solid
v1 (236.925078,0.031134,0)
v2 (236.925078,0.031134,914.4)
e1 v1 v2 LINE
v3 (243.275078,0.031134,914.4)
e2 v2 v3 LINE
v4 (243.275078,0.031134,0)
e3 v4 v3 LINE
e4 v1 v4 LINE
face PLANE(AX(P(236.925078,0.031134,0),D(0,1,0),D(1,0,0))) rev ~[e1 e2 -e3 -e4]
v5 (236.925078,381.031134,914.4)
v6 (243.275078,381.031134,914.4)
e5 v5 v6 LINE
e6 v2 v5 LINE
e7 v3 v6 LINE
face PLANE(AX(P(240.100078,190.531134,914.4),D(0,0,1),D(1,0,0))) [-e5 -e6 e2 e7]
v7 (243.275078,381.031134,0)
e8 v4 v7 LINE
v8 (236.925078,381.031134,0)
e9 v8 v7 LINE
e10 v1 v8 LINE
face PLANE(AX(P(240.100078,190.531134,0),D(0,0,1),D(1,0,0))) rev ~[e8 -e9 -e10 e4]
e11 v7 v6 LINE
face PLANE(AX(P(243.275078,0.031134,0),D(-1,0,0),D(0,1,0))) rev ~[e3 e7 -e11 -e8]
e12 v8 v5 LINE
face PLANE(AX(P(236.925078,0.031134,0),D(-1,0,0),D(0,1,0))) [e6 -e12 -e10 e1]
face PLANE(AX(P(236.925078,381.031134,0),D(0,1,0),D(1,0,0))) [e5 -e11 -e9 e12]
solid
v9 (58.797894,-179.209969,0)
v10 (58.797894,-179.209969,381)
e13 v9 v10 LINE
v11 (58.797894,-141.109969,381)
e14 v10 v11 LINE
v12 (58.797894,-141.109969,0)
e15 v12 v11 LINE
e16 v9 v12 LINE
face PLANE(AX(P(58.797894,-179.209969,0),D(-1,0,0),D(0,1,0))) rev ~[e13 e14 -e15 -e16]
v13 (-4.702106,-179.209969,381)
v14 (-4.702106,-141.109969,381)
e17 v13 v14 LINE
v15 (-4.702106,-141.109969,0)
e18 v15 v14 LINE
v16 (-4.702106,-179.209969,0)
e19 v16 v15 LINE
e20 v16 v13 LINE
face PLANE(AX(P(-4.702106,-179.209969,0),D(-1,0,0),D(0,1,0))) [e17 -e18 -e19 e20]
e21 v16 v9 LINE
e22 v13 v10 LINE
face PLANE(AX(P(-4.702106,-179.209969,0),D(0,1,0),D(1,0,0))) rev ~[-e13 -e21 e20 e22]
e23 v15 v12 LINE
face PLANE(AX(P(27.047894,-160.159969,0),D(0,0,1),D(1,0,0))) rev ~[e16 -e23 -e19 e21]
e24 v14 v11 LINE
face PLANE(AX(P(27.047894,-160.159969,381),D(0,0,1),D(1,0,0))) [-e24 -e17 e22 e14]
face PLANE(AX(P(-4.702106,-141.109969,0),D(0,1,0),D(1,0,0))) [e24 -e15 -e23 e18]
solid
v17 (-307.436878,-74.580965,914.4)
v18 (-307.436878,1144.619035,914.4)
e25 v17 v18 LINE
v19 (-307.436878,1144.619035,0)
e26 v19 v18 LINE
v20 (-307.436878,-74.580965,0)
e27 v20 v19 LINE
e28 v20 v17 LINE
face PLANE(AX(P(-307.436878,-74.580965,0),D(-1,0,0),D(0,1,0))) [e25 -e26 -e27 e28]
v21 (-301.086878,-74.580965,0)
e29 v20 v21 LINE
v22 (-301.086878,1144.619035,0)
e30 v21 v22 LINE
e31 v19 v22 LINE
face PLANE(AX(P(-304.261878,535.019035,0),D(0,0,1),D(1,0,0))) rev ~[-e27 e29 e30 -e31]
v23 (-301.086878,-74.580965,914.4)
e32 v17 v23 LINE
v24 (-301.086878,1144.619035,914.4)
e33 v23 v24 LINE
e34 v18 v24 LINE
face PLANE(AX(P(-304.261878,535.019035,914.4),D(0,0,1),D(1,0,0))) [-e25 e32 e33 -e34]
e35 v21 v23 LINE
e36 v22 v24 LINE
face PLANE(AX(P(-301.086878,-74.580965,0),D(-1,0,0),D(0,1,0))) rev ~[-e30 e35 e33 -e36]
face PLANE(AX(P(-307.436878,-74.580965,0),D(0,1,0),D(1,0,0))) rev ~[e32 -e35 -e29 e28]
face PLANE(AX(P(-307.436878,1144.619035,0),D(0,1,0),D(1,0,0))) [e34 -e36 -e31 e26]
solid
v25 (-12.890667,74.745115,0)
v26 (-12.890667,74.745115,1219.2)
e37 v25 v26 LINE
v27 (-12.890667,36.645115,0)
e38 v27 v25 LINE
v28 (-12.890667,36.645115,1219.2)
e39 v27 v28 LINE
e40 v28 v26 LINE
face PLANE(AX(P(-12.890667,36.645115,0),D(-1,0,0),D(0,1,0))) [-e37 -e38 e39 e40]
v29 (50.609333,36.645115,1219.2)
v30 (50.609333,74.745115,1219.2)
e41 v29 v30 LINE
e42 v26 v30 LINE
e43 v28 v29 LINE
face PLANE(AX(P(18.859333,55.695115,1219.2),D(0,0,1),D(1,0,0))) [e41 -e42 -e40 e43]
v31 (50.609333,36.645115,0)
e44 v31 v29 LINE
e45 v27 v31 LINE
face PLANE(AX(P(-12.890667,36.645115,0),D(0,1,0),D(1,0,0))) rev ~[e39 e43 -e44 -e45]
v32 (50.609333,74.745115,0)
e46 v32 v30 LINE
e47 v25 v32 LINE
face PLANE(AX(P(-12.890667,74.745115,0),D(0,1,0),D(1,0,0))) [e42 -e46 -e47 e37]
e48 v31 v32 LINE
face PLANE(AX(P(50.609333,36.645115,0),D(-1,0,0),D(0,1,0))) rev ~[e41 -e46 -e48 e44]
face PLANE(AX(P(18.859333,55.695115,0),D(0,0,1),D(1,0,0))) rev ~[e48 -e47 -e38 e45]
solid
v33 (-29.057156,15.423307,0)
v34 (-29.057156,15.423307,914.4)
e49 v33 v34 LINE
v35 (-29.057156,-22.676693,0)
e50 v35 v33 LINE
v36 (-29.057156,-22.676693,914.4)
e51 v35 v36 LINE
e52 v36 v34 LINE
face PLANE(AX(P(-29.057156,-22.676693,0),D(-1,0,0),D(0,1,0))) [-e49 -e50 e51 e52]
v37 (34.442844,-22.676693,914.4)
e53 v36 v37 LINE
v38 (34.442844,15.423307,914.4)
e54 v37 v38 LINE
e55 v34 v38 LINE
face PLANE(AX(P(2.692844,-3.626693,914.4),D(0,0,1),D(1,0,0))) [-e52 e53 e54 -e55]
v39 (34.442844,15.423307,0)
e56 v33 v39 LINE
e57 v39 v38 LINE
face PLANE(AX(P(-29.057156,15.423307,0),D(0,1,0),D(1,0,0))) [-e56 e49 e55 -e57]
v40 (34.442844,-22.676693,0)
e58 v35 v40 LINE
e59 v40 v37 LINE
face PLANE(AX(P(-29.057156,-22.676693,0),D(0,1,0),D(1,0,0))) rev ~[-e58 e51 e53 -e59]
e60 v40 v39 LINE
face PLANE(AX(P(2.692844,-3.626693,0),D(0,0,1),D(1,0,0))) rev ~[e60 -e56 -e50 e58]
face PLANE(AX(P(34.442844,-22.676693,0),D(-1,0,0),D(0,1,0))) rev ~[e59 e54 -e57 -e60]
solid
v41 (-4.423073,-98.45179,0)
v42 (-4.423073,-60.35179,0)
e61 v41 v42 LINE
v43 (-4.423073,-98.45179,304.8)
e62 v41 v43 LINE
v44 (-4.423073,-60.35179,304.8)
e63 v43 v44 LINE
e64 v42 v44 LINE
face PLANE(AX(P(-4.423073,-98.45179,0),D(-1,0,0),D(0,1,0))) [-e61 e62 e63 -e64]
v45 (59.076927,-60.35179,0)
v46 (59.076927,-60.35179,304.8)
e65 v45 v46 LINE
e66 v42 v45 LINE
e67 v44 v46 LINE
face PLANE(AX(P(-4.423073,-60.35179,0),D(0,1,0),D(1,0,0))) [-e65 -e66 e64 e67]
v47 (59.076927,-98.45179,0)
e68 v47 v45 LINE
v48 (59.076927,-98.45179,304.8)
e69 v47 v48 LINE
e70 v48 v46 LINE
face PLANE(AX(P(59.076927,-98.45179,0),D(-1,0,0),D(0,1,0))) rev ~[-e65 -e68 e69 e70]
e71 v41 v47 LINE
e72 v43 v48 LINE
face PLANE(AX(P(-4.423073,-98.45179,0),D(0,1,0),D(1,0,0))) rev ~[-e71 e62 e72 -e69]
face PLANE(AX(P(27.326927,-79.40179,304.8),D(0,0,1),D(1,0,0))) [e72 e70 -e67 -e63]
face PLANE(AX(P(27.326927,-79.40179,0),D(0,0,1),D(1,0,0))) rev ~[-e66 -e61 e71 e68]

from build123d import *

# Parameters (mm, degrees)
F0_W      = 63.5
F0_H      = 38.1
F1_DEPTH  = 914.4
F2_W      = 63.5
F2_H      = 38.1
F3_DEPTH  = 1219.2
F4_W      = 63.5
F4_H      = 38.1
F5_DEPTH  = 304.8
F6_W      = 63.5
F6_H      = 38.1
F7_DEPTH  = 381
F8_W      = 6.35
F8_H      = 1219.2
F9_DEPTH  = 914.4
F10_W     = 6.35
F10_H     = 381
F11_DEPTH = 914.4


with BuildPart() as f1:
    # F0 (on Top) → F1 (new body)
    with BuildSketch(Plane.XY):
        with Locations((2.692844, -3.626693)):
            Rectangle(F0_W, F0_H)
    extrude(amount=F1_DEPTH)


with BuildPart() as f3:
    # F2 (on Top) → F3 (new body)
    with BuildSketch(Plane.XY):
        with Locations((18.859333, 55.695115)):
            Rectangle(F2_W, F2_H)
    extrude(amount=F3_DEPTH)


with BuildPart() as f5:
    # F4 (on Top) → F5 (new body)
    with BuildSketch(Plane.XY):
        with Locations((27.326927, -79.40179)):
            Rectangle(F4_W, F4_H)
    extrude(amount=F5_DEPTH)


with BuildPart() as f7:
    # F6 (on Top) → F7 (new body)
    with BuildSketch(Plane.XY):
        with Locations((27.047894, -160.159969)):
            Rectangle(F6_W, F6_H)
    extrude(amount=F7_DEPTH)


with BuildPart() as f9:
    # F8 (on Top) → F9 (new body)
    with BuildSketch(Plane.XY):
        with Locations((-304.261878, 535.019035)):
            Rectangle(F8_W, F8_H)
    extrude(amount=F9_DEPTH)


with BuildPart() as f11:
    # F10 (on Top) → F11 (new body)
    with BuildSketch(Plane.XY):
        with Locations((240.100078, 190.531134)):
            Rectangle(F10_W, F10_H)
    extrude(amount=F11_DEPTH)


solid = Compound([f1.part, f3.part, f5.part, f7.part, f9.part, f11.part])
